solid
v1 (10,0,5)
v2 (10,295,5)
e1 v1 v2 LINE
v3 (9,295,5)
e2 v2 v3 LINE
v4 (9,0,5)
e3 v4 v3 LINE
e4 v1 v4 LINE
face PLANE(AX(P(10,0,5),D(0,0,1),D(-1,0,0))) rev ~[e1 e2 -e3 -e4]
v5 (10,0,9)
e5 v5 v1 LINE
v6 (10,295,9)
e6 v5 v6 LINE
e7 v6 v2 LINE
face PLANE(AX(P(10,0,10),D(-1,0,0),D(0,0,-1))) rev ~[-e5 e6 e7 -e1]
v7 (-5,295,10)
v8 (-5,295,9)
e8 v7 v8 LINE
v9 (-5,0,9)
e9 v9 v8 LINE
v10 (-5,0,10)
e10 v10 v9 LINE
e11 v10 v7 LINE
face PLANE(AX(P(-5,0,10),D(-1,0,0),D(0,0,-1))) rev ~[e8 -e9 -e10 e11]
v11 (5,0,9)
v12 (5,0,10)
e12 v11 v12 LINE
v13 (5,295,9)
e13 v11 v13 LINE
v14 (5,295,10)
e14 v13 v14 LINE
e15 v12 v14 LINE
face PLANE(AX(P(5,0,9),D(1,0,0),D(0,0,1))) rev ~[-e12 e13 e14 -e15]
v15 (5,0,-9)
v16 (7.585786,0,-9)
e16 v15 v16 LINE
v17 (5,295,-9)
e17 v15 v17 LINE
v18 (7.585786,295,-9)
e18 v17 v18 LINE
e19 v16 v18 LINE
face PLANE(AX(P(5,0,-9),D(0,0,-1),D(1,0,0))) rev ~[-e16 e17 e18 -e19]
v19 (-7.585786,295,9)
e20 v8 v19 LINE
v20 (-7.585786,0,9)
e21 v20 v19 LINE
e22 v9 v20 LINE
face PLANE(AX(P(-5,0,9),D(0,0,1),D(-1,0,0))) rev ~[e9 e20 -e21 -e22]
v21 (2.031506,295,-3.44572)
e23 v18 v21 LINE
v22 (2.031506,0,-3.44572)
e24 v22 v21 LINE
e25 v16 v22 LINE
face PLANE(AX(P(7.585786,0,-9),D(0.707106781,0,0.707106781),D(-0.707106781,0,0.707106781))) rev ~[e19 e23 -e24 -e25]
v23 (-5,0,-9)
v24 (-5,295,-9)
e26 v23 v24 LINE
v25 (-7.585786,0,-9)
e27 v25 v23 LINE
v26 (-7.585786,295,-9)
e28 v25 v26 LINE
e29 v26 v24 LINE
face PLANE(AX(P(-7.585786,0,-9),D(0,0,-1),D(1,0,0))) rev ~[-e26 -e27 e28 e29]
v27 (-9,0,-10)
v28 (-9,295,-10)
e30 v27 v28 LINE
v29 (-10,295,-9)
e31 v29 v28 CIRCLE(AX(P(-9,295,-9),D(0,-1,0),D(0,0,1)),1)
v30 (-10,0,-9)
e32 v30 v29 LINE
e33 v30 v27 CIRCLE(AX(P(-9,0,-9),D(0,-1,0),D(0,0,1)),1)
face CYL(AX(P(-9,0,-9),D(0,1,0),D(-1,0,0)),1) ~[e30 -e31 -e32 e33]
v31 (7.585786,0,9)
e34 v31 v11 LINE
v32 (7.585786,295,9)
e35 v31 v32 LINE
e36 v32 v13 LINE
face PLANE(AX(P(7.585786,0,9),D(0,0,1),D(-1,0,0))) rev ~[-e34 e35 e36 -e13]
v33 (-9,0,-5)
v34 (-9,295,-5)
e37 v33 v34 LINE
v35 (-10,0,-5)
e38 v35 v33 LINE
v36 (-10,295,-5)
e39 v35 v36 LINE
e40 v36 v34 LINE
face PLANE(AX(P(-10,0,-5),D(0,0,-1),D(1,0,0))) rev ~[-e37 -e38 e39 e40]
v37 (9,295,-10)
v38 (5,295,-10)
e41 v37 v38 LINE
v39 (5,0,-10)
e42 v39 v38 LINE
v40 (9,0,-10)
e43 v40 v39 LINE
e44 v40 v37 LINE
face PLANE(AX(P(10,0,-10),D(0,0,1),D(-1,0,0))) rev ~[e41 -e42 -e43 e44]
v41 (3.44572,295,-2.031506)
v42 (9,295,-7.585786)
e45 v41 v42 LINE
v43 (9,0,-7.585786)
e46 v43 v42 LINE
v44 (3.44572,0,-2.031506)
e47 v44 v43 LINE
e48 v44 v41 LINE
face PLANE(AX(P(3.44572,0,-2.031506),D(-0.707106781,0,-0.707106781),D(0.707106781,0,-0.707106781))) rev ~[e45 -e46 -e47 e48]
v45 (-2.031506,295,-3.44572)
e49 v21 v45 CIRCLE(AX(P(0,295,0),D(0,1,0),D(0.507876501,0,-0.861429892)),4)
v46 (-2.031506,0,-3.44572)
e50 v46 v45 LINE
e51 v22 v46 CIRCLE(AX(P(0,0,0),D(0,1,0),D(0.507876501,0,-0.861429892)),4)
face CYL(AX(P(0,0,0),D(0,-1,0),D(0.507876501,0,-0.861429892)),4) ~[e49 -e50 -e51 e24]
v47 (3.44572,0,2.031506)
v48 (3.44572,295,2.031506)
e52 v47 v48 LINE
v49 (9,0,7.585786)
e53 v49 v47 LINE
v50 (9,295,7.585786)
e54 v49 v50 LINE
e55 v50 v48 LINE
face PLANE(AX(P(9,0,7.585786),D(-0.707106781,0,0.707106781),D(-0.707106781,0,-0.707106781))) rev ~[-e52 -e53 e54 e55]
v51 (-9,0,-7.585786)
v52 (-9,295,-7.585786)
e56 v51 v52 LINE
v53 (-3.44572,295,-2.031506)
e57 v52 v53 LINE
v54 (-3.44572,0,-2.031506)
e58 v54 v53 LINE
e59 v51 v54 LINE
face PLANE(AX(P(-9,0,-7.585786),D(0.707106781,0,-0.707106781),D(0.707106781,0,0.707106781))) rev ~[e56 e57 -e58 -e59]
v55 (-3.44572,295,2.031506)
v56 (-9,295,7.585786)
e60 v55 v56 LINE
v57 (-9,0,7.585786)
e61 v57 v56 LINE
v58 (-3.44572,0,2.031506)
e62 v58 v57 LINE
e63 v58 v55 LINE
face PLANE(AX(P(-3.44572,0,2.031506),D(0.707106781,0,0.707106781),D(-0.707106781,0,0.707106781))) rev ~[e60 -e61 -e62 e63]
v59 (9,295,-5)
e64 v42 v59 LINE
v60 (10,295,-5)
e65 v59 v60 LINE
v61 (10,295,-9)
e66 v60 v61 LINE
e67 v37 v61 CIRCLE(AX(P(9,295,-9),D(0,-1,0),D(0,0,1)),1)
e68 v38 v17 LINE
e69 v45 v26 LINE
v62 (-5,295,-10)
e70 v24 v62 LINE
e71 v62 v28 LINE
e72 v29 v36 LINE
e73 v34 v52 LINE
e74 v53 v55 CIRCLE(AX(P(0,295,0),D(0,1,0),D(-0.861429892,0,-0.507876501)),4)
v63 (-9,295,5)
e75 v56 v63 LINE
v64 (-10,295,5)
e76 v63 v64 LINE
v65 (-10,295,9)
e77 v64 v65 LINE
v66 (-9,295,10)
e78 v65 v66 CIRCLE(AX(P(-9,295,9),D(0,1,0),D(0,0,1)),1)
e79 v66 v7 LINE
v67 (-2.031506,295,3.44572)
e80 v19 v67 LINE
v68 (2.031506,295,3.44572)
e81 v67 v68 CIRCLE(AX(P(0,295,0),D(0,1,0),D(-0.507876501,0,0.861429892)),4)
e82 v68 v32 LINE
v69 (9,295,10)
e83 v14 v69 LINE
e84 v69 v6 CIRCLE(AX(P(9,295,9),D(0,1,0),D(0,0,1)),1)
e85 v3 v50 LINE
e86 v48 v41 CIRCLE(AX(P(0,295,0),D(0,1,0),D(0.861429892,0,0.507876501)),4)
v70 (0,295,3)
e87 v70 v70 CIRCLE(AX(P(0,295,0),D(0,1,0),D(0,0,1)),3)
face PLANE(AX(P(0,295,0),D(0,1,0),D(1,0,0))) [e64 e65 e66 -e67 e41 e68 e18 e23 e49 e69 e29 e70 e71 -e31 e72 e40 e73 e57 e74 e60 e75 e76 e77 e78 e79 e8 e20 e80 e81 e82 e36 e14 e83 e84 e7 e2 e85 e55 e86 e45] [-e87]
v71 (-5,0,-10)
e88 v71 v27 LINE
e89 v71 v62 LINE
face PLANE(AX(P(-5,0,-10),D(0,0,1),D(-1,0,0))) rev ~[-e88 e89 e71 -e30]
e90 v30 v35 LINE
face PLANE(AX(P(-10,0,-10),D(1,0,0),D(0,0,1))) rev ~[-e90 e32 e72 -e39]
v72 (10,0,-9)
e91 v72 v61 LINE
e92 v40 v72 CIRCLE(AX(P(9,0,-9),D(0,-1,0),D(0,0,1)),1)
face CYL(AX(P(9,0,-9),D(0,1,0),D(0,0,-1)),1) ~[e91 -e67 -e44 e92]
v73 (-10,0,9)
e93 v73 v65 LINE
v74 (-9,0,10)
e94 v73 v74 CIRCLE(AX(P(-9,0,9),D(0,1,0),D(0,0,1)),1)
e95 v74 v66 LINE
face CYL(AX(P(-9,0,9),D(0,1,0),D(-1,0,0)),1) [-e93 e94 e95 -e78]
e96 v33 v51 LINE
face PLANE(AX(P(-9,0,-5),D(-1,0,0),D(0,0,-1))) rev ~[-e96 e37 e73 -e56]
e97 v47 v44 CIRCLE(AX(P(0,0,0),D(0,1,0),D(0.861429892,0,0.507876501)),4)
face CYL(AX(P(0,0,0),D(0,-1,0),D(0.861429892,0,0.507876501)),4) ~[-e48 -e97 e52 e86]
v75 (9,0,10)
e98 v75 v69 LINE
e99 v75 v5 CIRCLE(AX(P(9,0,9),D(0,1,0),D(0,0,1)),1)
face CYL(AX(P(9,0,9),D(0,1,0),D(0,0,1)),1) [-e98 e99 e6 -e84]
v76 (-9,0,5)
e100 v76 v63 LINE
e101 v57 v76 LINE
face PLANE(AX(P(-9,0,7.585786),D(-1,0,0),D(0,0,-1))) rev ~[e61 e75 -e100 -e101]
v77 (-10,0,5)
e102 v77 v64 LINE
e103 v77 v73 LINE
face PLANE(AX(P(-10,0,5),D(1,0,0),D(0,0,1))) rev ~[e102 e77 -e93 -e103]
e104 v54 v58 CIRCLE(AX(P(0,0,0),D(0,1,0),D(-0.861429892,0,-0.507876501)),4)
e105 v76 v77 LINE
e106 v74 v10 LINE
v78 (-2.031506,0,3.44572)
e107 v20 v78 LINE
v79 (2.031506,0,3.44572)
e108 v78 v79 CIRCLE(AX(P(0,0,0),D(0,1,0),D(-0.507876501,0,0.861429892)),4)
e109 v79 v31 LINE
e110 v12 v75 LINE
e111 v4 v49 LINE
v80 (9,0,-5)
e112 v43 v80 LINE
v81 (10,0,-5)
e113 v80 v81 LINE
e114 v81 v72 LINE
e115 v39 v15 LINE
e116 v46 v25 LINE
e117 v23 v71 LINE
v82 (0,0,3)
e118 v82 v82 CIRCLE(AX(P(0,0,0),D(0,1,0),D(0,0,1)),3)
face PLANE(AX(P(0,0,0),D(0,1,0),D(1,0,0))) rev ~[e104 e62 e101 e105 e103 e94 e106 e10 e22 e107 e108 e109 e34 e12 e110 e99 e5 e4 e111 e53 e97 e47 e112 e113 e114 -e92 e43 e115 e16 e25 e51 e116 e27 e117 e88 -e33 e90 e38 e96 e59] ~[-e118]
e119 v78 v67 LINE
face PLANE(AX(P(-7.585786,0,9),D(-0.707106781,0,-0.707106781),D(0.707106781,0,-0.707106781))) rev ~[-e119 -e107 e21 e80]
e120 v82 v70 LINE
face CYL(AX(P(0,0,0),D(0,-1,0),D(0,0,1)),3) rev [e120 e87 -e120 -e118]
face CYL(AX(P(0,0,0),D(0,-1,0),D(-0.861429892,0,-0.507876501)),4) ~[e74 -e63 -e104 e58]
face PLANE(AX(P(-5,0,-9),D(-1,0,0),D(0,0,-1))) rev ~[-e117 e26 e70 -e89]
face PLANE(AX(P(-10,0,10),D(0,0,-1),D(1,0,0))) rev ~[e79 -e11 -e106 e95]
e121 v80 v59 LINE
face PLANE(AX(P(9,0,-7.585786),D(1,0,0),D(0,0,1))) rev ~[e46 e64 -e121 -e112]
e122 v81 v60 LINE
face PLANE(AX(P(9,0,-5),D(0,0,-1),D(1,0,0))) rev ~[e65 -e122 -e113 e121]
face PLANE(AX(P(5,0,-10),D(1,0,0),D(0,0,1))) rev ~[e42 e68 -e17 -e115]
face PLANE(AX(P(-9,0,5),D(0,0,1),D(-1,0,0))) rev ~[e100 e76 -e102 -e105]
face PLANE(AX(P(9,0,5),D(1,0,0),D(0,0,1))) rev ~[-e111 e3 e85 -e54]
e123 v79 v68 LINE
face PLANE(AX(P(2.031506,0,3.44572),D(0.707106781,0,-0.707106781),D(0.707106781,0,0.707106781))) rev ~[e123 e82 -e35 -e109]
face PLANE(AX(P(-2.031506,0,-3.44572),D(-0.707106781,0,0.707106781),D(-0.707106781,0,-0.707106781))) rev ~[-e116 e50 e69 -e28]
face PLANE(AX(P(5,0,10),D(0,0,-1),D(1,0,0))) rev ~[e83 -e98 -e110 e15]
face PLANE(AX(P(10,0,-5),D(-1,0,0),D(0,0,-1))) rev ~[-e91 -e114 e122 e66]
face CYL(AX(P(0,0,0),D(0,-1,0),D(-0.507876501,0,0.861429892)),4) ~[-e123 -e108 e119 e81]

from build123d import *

# Parameters (mm, degrees)
ESQUISSE1_R        = 3
BOSS_EXTRU_1_DEPTH = 295
CONG_1_R           = 1


with BuildPart() as part:
    # Esquisse1 → Boss.-Extru.1 (new body)
    with BuildSketch(Plane(origin=(0, 0, 0), x_dir=(1, 0, 0), z_dir=(0, 1, 0))):
        with BuildLine():
            Line((-9, 7.585786438), (-3.445719569, 2.031506006))
            ThreePointArc((-3.445719569, 2.031506006), (-4, 0), (-3.445719569, -2.031506006))
            Line((-3.445719569, -2.031506006), (-9, -7.585786438))
            Line((-9, -7.585786438), (-9, -5))
            Line((-9, -5), (-10, -5))
            Line((-10, -5), (-10, -10))
            Line((-10, -10), (-5, -10))
            Line((-5, -10), (-5, -9))
            Line((-5, -9), (-7.585786438, -9))
            Line((-7.585786438, -9), (-2.031506006, -3.445719569))
            ThreePointArc((-2.031506006, -3.445719569), (0, -4), (2.031506006, -3.445719569))
            Line((2.031506006, -3.445719569), (7.585786438, -9))
            Line((7.585786438, -9), (5, -9))
            Line((5, -9), (5, -10))
            Line((5, -10), (10, -10))
            Line((10, -10), (10, -5))
            Line((10, -5), (9, -5))
            Line((9, -5), (9, -7.585786438))
            Line((9, -7.585786438), (3.445719569, -2.031506006))
            ThreePointArc((3.445719569, -2.031506006), (4, 0), (3.445719569, 2.031506006))
            Line((3.445719569, 2.031506006), (9, 7.585786438))
            Line((9, 7.585786438), (9, 5))
            Line((9, 5), (10, 5))
            Line((10, 5), (10, 10))
            Line((10, 10), (5, 10))
            Line((5, 10), (5, 9))
            Line((5, 9), (7.585786438, 9))
            Line((7.585786438, 9), (2.031506006, 3.445719569))
            ThreePointArc((2.031506006, 3.445719569), (0, 4), (-2.031506006, 3.445719569))
            Line((-2.031506006, 3.445719569), (-7.585786438, 9))
            Line((-7.585786438, 9), (-5, 9))
            Line((-5, 9), (-5, 10))
            Line((-5, 10), (-10, 10))
            Line((-10, 10), (-10, 5))
            Line((-10, 5), (-9, 5))
            Line((-9, 5), (-9, 7.585786438))
        make_face()
        with Locations(Location((0, 0, 0), (0, 0, 270))):
            Circle(ESQUISSE1_R, mode=Mode.SUBTRACT)
    extrude(amount=BOSS_EXTRU_1_DEPTH)

    # Congé1
    cong_1_edges = [part.edges().sort_by_distance(p)[0] for p in [
        (-10, 147.5, -10),
        (10, 147.5, -10),
        (10, 147.5, 10),
        (-10, 147.5, 10),
    ]]
    fillet(cong_1_edges, radius=CONG_1_R)


solid = part.part
